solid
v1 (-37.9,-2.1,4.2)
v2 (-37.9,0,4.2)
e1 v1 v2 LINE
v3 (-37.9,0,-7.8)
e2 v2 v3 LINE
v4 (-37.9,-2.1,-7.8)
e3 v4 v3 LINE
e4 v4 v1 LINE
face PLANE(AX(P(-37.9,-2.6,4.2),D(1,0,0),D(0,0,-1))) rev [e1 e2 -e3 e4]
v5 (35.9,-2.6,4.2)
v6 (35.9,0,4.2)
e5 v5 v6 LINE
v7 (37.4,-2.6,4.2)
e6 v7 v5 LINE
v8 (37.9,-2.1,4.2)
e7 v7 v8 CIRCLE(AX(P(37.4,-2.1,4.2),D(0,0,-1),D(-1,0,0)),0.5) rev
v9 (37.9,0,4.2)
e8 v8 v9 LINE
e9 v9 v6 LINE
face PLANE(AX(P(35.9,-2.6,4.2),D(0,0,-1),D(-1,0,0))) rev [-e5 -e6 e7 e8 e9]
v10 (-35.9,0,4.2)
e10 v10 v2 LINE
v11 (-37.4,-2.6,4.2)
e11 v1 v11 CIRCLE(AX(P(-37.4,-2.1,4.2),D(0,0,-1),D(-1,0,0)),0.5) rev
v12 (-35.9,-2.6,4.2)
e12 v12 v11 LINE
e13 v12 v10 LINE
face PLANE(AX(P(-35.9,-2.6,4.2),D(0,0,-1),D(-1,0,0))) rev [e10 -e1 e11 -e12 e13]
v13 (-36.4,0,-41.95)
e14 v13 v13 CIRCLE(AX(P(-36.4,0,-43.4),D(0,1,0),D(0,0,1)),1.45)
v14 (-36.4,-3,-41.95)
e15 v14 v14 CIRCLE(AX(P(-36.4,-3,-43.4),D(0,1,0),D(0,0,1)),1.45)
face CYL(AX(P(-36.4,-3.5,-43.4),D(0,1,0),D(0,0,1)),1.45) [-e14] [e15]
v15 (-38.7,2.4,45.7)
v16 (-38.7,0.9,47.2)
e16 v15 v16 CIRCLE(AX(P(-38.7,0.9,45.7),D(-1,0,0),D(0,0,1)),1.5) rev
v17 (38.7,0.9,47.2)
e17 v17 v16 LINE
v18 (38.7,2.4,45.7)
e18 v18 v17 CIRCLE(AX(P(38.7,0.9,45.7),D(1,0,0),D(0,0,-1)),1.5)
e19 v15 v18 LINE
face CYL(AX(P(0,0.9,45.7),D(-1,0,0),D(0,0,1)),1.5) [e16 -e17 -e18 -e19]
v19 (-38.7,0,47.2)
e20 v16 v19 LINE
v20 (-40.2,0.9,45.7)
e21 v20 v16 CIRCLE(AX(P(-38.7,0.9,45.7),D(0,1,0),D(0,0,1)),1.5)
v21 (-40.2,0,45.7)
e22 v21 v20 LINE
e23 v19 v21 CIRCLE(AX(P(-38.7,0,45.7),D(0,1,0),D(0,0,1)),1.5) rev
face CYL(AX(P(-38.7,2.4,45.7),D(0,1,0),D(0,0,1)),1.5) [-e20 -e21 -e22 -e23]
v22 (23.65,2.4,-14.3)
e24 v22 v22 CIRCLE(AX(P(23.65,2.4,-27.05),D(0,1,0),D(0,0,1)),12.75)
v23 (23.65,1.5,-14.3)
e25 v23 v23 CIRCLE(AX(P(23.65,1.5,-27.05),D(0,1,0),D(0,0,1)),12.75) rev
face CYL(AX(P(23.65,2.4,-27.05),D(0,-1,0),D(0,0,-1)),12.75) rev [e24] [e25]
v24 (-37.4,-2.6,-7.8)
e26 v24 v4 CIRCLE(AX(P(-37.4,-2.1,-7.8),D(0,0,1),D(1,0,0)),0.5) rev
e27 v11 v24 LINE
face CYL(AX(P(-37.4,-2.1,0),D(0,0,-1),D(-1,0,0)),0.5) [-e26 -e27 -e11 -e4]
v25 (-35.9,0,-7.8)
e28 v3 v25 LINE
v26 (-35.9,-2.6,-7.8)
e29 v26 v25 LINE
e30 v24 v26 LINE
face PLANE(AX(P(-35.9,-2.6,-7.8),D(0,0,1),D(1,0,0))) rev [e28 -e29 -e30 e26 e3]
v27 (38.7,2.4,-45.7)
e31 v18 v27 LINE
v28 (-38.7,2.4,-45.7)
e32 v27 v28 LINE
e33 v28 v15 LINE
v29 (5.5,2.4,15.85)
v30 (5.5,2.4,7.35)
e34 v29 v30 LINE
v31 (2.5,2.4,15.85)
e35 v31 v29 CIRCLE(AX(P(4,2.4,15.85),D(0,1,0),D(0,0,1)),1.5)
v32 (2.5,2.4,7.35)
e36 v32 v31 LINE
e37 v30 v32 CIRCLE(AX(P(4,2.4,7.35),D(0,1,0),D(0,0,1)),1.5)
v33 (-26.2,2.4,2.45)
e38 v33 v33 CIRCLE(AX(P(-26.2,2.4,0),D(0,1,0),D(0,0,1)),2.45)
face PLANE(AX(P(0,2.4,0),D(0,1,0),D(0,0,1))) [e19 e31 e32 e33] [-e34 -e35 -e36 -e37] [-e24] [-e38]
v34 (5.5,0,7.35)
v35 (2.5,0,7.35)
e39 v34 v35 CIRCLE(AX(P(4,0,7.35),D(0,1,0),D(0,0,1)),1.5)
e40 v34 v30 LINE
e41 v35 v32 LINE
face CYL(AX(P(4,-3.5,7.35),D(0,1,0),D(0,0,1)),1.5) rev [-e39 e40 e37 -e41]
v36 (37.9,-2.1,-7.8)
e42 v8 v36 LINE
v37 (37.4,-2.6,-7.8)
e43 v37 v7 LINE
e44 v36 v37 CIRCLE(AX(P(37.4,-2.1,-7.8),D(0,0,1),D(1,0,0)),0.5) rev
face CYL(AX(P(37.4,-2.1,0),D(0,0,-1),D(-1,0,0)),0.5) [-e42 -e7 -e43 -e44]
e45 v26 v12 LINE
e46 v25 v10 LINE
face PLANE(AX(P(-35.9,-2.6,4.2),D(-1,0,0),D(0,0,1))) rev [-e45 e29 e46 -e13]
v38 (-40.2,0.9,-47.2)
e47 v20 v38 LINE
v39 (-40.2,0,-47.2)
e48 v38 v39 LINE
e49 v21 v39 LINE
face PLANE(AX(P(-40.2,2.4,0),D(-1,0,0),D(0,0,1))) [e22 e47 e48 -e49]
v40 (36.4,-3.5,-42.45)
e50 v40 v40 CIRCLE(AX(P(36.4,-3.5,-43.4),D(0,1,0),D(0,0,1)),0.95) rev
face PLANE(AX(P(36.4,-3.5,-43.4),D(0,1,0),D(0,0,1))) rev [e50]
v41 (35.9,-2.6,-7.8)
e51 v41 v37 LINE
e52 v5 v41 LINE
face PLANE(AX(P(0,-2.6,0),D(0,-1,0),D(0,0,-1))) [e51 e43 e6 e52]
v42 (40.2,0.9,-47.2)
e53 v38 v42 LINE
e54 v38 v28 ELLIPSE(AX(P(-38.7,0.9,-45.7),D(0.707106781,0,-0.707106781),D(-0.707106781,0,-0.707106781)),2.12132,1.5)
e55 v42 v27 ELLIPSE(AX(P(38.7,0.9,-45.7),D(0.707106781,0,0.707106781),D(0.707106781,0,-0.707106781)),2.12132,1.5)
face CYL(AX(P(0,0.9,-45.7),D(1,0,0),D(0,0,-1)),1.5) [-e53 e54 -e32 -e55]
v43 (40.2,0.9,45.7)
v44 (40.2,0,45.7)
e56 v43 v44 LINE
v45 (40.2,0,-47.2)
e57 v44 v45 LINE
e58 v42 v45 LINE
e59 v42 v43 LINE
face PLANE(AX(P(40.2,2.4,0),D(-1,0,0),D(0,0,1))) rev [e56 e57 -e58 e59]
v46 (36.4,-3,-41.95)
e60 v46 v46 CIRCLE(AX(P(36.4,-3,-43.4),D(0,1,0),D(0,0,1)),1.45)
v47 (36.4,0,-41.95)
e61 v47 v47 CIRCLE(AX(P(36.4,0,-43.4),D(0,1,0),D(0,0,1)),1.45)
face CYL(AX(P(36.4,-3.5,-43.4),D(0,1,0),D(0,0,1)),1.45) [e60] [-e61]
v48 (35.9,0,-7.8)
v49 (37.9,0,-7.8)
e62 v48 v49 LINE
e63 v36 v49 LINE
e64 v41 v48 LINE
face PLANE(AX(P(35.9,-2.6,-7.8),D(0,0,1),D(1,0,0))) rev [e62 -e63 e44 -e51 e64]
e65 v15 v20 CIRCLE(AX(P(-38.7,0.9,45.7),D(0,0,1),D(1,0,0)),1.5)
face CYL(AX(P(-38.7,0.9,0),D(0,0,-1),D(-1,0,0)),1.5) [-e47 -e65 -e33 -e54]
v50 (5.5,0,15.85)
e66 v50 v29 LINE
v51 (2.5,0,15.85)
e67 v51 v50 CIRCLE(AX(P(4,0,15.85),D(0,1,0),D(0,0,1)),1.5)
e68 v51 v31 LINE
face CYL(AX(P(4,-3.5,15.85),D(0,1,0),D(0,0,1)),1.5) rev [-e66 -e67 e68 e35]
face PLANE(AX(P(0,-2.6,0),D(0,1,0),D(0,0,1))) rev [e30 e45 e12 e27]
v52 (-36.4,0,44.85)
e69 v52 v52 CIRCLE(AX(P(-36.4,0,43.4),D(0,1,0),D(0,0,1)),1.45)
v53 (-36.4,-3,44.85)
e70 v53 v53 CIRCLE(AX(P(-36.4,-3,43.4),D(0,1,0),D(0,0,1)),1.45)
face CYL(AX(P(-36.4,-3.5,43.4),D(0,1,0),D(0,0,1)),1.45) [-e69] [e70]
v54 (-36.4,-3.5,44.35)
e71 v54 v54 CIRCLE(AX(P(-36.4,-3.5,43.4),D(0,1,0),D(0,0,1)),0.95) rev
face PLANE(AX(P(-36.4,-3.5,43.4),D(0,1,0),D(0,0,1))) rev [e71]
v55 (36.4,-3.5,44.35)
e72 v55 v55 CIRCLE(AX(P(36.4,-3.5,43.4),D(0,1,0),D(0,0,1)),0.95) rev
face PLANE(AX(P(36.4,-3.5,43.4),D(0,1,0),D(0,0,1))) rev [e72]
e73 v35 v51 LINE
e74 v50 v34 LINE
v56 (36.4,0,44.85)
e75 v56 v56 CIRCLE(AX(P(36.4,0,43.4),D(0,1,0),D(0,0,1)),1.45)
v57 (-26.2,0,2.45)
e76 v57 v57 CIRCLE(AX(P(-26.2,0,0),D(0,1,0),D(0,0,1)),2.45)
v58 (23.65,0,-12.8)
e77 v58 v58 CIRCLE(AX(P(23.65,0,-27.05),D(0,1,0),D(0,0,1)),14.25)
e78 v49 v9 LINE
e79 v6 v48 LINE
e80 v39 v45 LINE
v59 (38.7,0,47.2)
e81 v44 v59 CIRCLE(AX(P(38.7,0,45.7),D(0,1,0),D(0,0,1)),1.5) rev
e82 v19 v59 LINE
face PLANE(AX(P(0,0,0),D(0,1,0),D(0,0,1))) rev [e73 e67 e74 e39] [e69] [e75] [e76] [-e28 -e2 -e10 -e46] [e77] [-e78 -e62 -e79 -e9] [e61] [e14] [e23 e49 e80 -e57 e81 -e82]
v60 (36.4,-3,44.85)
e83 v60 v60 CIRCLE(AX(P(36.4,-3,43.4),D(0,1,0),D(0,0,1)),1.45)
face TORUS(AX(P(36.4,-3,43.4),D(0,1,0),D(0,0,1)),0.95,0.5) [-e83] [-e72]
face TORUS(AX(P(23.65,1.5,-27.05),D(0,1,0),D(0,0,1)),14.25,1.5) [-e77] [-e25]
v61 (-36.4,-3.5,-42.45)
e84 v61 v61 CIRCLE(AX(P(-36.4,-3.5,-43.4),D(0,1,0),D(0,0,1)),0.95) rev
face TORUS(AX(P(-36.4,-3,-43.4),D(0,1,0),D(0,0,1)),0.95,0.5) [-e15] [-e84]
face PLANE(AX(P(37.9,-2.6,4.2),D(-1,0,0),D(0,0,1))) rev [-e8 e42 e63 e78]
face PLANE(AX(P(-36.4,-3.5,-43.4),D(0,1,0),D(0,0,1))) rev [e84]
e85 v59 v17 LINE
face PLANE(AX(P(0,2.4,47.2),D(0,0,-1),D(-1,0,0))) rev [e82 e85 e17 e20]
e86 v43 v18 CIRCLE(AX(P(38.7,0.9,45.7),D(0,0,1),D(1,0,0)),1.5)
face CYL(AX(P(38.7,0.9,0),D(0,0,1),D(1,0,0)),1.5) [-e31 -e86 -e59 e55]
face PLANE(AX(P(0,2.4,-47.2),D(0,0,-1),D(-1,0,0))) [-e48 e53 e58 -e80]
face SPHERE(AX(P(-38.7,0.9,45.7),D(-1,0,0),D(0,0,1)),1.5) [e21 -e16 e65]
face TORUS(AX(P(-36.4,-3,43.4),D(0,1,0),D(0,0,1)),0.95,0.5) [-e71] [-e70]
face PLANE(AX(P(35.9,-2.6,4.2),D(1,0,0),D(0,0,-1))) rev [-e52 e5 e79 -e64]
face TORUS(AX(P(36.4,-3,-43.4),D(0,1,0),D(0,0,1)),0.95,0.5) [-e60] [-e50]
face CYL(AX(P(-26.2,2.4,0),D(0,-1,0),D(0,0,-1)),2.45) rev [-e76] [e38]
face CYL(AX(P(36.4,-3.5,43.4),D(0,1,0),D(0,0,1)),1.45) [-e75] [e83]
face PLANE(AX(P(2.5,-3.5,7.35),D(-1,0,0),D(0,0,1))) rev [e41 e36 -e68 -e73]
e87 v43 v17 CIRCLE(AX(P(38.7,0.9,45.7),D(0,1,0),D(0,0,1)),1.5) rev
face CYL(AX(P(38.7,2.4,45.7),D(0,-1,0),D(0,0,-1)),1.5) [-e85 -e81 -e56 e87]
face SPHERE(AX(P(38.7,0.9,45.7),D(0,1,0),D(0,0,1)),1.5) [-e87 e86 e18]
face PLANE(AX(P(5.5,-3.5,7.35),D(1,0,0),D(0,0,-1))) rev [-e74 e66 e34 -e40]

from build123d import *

# Parameters (mm, degrees)
SKETCH1_W               = 80.4
SKETCH1_H               = 94.4
SKETCH1_R               = 2.45
SKETCH1_R_2             = 12.75
SKETCH1_R_3             = 1.45
BOSS_EXTRUDE1_DEPTH     = 2.4
FILLET1_R               = 1.5
SKETCH2_W               = 2
SKETCH2_H               = 12
BOSS_EXTRUDE2_DEPTH     = 2.6
FILLET2_R               = 0.5
SKETCH1_4_R             = 1.45
BOSS_EXTRUDE3_DEPTH     = 3.5
FILLET3_R               = 0.5
CUT_EXTRUDE1_DEPTH      = 63.279129731
CUT_EXTRUDE1_DEPTH_BACK = 63.279129731


with BuildPart() as part:
    # Sketch1 → Boss-Extrude1 (new body)
    # profile 1 of 5: a face of its own
    with BuildSketch(Plane(origin=(0, 0, 0), x_dir=(1, 0, 0), z_dir=(0, 1, 0))):
        Rectangle(SKETCH1_W, SKETCH1_H)
        with Locations(Location((-26.2, 0, 0), (0, 0, 270))):
            Circle(SKETCH1_R, mode=Mode.SUBTRACT)
        with Locations(Location((23.65, 27.05, 0), (0, 0, 270))):
            Circle(SKETCH1_R_2, mode=Mode.SUBTRACT)
        with Locations((-36.4, -43.4)):
            Circle(SKETCH1_R_3, mode=Mode.SUBTRACT)
        with Locations((36.4, -43.4)):
            Circle(SKETCH1_R_3, mode=Mode.SUBTRACT)
        with Locations((36.4, 43.4)):
            Circle(SKETCH1_R_3, mode=Mode.SUBTRACT)
        with Locations((-36.4, 43.4)):
            Circle(SKETCH1_R_3, mode=Mode.SUBTRACT)
    # profile 2 of 5: a face of its own
    with BuildSketch(Plane(origin=(0, 0, 0), x_dir=(1, 0, 0), z_dir=(0, 1, 0))):
        with Locations((-36.4, -43.4)):
            Circle(SKETCH1_R_3)
    # profile 3 of 5: a face of its own
    with BuildSketch(Plane(origin=(0, 0, 0), x_dir=(1, 0, 0), z_dir=(0, 1, 0))):
        with Locations((-36.4, 43.4)):
            Circle(SKETCH1_R_3)
    # profile 4 of 5: a face of its own
    with BuildSketch(Plane(origin=(0, 0, 0), x_dir=(1, 0, 0), z_dir=(0, 1, 0))):
        with Locations((36.4, 43.4)):
            Circle(SKETCH1_R_3)
    # profile 5 of 5: a face of its own
    with BuildSketch(Plane(origin=(0, 0, 0), x_dir=(1, 0, 0), z_dir=(0, 1, 0))):
        with Locations((36.4, -43.4)):
            Circle(SKETCH1_R_3)
    extrude(amount=BOSS_EXTRUDE1_DEPTH)

    # Fillet1
    fillet1_edges = [part.edges().sort_by_distance(p)[0] for p in [
        (23.65, 0, -39.8),
        (-40.2, 1.2, 47.2),
        (40.2, 1.2, 47.2),
        (0, 2.4, 47.2),
        (40.2, 2.4, 0),
        (0, 2.4, -47.2),
        (-40.2, 2.4, 0),
    ]]
    fillet(fillet1_edges, radius=FILLET1_R)

    # Sketch2 → Boss-Extrude2 (add)
    with BuildSketch(Plane.XZ):
        with Locations((36.9, -1.8)):
            Rectangle(SKETCH2_W, SKETCH2_H)
        with Locations((-36.9, -1.8)):
            Rectangle(SKETCH2_W, SKETCH2_H)
    extrude(amount=BOSS_EXTRUDE2_DEPTH)

    # Fillet2
    fillet2_edges = [part.edges().sort_by_distance(p)[0] for p in [
        (37.9, -2.6, -1.8),
        (-37.9, -2.6, -1.8),
    ]]
    fillet(fillet2_edges, radius=FILLET2_R)

    # Sketch1<4> → Boss-Extrude3 (add)
    with BuildSketch(Plane(origin=(0, 0, 0), x_dir=(1, 0, 0), z_dir=(0, 1, 0))):
        with Locations(Location((36.4, 43.4, 0), (0, 0, 270))):
            Circle(SKETCH1_4_R)
        with Locations(Location((-36.4, 43.4, 0), (0, 0, 270))):
            Circle(SKETCH1_4_R)
        with Locations(Location((-36.4, -43.4, 0), (0, 0, 270))):
            Circle(SKETCH1_4_R)
        with Locations(Location((36.4, -43.4, 0), (0, 0, 270))):
            Circle(SKETCH1_4_R)
    extrude(amount=-BOSS_EXTRUDE3_DEPTH)

    # Fillet3
    fillet3_edges = [part.edges().sort_by_distance(p)[0] for p in [
        (36.4, -3.5, -44.85),
        (-36.4, -3.5, -44.85),
        (-36.4, -3.5, 41.95),
        (36.4, -3.5, 41.95),
    ]]
    fillet(fillet3_edges, radius=FILLET3_R)

    # Sketch3 → Cut-Extrude1 (cut, two sides: drawn at the far end of the back side and taken through both)
    with BuildSketch(Plane(origin=(0, 2.4, 0), x_dir=(1, 0, 0), z_dir=(0, 1, 0)).offset(-CUT_EXTRUDE1_DEPTH_BACK)):
        with BuildLine():
            Line((5.5, -7.35), (5.5, -15.85))
            ThreePointArc((5.5, -15.85), (4, -17.35), (2.5, -15.85))
            Line((2.5, -15.85), (2.5, -7.35))
            ThreePointArc((2.5, -7.35), (4, -5.85), (5.5, -7.35))
        make_face()
    extrude(amount=CUT_EXTRUDE1_DEPTH + CUT_EXTRUDE1_DEPTH_BACK, mode=Mode.SUBTRACT)


solid = part.part
